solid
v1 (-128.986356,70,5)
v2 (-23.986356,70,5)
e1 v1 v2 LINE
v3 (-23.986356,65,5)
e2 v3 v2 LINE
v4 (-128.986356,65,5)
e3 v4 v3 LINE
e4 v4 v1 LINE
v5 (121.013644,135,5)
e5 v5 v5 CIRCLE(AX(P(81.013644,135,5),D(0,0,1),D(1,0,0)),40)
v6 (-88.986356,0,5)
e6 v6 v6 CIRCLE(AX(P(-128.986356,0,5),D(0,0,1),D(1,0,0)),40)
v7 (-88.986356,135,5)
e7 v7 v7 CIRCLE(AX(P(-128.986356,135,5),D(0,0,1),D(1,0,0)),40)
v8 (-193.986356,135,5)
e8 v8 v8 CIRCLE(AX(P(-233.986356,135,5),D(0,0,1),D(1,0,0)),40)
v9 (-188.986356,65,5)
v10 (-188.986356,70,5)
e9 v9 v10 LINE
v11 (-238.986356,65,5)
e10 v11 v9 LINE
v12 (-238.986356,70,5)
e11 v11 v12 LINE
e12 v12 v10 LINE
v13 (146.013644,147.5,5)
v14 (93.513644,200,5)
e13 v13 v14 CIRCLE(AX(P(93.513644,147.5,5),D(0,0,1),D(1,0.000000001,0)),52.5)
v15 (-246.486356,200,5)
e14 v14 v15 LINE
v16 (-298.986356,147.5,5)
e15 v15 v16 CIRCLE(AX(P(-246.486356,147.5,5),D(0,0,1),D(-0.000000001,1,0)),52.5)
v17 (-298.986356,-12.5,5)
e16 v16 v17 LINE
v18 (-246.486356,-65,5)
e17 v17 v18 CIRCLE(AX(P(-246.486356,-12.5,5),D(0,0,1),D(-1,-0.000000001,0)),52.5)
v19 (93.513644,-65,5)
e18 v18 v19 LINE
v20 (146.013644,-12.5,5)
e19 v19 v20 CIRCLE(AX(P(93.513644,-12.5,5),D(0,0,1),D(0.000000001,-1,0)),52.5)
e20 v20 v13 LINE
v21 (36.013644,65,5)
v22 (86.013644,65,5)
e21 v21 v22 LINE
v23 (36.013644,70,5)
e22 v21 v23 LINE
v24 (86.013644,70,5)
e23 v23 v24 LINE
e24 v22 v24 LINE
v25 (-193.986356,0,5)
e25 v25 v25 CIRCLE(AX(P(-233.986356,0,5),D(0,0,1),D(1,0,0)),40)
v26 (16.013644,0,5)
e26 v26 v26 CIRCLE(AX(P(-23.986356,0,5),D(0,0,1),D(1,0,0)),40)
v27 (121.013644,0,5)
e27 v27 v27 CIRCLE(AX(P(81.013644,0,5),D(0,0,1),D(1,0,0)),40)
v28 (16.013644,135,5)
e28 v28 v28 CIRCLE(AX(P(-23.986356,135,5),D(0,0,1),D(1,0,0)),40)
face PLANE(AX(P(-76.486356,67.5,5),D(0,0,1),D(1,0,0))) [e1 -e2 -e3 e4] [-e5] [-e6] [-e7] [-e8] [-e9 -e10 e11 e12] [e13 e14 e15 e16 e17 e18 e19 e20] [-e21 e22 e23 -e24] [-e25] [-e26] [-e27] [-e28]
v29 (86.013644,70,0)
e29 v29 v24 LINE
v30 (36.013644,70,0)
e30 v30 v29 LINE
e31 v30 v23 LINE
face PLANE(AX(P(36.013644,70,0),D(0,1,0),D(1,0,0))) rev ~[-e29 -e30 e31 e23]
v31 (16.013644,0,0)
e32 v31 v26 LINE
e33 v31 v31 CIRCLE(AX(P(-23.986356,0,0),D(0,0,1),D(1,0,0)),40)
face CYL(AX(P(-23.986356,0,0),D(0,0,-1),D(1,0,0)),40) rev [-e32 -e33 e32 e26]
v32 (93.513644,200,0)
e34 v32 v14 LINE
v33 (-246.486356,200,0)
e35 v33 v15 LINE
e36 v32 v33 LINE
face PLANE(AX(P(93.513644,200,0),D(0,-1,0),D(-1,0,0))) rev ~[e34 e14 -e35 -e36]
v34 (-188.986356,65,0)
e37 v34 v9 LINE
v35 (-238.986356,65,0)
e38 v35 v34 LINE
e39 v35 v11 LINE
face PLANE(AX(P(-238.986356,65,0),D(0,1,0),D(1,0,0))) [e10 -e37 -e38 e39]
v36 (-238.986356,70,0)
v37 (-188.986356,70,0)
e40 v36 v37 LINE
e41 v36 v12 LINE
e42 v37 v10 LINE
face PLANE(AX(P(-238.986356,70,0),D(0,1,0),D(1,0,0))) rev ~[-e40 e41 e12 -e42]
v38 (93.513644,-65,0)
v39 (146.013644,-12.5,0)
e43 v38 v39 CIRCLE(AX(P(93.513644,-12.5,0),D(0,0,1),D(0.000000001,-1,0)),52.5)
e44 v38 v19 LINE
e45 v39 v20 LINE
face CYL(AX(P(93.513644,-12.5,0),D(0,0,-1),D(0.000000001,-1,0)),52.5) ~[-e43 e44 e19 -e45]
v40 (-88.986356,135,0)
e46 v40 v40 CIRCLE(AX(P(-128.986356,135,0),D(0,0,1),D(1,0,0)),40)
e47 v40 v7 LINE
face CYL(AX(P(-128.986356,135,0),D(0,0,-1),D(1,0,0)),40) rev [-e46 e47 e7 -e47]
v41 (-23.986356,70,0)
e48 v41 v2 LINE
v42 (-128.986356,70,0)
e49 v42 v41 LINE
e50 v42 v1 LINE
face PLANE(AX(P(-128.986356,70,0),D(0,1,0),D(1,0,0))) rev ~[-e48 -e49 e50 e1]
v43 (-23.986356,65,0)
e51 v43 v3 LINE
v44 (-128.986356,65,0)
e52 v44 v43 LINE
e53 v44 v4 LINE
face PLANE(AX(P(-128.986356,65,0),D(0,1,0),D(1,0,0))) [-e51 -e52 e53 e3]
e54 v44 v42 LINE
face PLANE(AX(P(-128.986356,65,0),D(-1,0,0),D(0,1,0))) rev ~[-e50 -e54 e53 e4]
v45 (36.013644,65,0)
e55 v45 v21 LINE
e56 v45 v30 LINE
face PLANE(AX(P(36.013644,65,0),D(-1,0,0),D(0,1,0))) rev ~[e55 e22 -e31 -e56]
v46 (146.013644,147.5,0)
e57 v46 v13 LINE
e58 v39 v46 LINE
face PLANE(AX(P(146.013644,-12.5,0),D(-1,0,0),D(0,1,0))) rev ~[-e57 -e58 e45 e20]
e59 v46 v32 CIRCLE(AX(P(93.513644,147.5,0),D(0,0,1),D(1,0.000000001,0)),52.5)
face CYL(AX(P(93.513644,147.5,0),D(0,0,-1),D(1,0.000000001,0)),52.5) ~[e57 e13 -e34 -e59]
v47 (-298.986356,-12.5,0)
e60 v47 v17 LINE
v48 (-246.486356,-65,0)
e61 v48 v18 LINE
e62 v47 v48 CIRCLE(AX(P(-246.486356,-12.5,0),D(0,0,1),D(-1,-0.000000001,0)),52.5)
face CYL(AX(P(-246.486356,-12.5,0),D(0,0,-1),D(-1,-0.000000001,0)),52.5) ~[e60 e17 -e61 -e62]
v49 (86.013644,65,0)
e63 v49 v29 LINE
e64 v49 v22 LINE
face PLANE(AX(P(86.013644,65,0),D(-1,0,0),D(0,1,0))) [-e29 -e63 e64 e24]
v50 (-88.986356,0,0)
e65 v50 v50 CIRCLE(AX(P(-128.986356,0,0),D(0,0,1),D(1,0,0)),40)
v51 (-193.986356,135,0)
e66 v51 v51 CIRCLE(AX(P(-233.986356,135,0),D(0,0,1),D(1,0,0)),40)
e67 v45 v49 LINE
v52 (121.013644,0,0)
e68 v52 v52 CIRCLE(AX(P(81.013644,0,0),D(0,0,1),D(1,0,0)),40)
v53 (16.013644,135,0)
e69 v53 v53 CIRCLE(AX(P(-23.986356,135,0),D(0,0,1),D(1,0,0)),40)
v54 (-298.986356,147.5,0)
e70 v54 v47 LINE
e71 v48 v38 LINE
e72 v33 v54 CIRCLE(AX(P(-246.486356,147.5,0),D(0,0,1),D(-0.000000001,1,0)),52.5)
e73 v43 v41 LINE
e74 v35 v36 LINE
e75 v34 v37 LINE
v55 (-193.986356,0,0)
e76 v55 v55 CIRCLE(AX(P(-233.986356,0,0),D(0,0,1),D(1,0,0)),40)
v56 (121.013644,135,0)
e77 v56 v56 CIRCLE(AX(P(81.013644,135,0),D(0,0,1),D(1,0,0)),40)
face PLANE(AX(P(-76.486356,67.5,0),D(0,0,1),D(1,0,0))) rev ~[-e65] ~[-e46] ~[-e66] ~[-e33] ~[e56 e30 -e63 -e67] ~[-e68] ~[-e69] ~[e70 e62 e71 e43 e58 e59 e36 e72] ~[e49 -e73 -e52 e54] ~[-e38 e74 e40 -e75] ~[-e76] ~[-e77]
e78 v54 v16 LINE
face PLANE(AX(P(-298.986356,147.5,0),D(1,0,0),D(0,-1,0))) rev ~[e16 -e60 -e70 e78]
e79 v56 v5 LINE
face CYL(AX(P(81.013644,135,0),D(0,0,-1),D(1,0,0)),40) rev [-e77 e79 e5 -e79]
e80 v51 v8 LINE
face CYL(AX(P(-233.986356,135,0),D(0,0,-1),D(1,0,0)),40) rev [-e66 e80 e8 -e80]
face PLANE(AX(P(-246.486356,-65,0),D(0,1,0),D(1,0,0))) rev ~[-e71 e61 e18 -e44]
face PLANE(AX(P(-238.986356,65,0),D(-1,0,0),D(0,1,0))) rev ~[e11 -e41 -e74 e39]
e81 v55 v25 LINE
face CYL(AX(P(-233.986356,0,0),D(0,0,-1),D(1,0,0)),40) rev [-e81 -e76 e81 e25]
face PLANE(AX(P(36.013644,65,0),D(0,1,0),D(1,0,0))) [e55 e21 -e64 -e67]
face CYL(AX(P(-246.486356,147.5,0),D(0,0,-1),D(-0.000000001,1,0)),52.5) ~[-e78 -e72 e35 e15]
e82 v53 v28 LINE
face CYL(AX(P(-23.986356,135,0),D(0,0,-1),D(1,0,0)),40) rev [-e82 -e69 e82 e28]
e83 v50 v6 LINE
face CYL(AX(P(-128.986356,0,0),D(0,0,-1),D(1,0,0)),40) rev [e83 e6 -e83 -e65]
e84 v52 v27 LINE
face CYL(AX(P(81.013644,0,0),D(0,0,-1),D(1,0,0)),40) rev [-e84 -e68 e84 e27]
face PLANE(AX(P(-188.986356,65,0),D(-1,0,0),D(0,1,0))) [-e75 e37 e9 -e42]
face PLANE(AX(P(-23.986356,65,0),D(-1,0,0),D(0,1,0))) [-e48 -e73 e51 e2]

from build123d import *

# Parameters (mm, degrees)
F0_R     = 40
F0_W     = 50
F0_H     = 5
F0_W_2   = 105
F1_DEPTH = 5


with BuildPart() as f1:
    # F0 (on Top) → F1 (new body)
    with BuildSketch(Plane.XY):
        with BuildLine():
            ThreePointArc((146.013644, 147.5), (130.63675, 184.623106), (93.513644, 200))
            Line((93.513644, 200), (-246.486356, 200))
            ThreePointArc((-246.486356, 200), (-283.609462, 184.623106), (-298.986356, 147.5))
            Line((-298.986356, 147.5), (-298.986356, -12.5))
            ThreePointArc((-298.986356, -12.5), (-283.609462, -49.623106), (-246.486356, -65))
            Line((-246.486356, -65), (93.513644, -65))
            ThreePointArc((93.513644, -65), (130.63675, -49.623106), (146.013644, -12.5))
            Line((146.013644, -12.5), (146.013644, 64.999983))
            Line((146.013644, 64.999983), (146.013644, 69.999983))
            Line((146.013644, 69.999983), (146.013644, 147.5))
        make_face()
        with Locations((-233.986356, 0)):
            Circle(F0_R, mode=Mode.SUBTRACT)
        with Locations((-128.986356, 0)):
            Circle(F0_R, mode=Mode.SUBTRACT)
        with Locations((-23.986356, 0)):
            Circle(F0_R, mode=Mode.SUBTRACT)
        with Locations((81.013644, 0)):
            Circle(F0_R, mode=Mode.SUBTRACT)
        with Locations((-213.986356, 67.5)):
            Rectangle(F0_W, F0_H, mode=Mode.SUBTRACT)
        with Locations((-233.986356, 135)):
            Circle(F0_R, mode=Mode.SUBTRACT)
        with Locations((-128.986356, 135)):
            Circle(F0_R, mode=Mode.SUBTRACT)
        with Locations((-76.486356, 67.5)):
            Rectangle(F0_W_2, F0_H, mode=Mode.SUBTRACT)
        with Locations((61.013644, 67.5)):
            Rectangle(F0_W, F0_H, mode=Mode.SUBTRACT)
        with Locations((-23.986356, 135)):
            Circle(F0_R, mode=Mode.SUBTRACT)
        with Locations((81.013644, 135)):
            Circle(F0_R, mode=Mode.SUBTRACT)
    extrude(amount=F1_DEPTH)


solid = f1.part
